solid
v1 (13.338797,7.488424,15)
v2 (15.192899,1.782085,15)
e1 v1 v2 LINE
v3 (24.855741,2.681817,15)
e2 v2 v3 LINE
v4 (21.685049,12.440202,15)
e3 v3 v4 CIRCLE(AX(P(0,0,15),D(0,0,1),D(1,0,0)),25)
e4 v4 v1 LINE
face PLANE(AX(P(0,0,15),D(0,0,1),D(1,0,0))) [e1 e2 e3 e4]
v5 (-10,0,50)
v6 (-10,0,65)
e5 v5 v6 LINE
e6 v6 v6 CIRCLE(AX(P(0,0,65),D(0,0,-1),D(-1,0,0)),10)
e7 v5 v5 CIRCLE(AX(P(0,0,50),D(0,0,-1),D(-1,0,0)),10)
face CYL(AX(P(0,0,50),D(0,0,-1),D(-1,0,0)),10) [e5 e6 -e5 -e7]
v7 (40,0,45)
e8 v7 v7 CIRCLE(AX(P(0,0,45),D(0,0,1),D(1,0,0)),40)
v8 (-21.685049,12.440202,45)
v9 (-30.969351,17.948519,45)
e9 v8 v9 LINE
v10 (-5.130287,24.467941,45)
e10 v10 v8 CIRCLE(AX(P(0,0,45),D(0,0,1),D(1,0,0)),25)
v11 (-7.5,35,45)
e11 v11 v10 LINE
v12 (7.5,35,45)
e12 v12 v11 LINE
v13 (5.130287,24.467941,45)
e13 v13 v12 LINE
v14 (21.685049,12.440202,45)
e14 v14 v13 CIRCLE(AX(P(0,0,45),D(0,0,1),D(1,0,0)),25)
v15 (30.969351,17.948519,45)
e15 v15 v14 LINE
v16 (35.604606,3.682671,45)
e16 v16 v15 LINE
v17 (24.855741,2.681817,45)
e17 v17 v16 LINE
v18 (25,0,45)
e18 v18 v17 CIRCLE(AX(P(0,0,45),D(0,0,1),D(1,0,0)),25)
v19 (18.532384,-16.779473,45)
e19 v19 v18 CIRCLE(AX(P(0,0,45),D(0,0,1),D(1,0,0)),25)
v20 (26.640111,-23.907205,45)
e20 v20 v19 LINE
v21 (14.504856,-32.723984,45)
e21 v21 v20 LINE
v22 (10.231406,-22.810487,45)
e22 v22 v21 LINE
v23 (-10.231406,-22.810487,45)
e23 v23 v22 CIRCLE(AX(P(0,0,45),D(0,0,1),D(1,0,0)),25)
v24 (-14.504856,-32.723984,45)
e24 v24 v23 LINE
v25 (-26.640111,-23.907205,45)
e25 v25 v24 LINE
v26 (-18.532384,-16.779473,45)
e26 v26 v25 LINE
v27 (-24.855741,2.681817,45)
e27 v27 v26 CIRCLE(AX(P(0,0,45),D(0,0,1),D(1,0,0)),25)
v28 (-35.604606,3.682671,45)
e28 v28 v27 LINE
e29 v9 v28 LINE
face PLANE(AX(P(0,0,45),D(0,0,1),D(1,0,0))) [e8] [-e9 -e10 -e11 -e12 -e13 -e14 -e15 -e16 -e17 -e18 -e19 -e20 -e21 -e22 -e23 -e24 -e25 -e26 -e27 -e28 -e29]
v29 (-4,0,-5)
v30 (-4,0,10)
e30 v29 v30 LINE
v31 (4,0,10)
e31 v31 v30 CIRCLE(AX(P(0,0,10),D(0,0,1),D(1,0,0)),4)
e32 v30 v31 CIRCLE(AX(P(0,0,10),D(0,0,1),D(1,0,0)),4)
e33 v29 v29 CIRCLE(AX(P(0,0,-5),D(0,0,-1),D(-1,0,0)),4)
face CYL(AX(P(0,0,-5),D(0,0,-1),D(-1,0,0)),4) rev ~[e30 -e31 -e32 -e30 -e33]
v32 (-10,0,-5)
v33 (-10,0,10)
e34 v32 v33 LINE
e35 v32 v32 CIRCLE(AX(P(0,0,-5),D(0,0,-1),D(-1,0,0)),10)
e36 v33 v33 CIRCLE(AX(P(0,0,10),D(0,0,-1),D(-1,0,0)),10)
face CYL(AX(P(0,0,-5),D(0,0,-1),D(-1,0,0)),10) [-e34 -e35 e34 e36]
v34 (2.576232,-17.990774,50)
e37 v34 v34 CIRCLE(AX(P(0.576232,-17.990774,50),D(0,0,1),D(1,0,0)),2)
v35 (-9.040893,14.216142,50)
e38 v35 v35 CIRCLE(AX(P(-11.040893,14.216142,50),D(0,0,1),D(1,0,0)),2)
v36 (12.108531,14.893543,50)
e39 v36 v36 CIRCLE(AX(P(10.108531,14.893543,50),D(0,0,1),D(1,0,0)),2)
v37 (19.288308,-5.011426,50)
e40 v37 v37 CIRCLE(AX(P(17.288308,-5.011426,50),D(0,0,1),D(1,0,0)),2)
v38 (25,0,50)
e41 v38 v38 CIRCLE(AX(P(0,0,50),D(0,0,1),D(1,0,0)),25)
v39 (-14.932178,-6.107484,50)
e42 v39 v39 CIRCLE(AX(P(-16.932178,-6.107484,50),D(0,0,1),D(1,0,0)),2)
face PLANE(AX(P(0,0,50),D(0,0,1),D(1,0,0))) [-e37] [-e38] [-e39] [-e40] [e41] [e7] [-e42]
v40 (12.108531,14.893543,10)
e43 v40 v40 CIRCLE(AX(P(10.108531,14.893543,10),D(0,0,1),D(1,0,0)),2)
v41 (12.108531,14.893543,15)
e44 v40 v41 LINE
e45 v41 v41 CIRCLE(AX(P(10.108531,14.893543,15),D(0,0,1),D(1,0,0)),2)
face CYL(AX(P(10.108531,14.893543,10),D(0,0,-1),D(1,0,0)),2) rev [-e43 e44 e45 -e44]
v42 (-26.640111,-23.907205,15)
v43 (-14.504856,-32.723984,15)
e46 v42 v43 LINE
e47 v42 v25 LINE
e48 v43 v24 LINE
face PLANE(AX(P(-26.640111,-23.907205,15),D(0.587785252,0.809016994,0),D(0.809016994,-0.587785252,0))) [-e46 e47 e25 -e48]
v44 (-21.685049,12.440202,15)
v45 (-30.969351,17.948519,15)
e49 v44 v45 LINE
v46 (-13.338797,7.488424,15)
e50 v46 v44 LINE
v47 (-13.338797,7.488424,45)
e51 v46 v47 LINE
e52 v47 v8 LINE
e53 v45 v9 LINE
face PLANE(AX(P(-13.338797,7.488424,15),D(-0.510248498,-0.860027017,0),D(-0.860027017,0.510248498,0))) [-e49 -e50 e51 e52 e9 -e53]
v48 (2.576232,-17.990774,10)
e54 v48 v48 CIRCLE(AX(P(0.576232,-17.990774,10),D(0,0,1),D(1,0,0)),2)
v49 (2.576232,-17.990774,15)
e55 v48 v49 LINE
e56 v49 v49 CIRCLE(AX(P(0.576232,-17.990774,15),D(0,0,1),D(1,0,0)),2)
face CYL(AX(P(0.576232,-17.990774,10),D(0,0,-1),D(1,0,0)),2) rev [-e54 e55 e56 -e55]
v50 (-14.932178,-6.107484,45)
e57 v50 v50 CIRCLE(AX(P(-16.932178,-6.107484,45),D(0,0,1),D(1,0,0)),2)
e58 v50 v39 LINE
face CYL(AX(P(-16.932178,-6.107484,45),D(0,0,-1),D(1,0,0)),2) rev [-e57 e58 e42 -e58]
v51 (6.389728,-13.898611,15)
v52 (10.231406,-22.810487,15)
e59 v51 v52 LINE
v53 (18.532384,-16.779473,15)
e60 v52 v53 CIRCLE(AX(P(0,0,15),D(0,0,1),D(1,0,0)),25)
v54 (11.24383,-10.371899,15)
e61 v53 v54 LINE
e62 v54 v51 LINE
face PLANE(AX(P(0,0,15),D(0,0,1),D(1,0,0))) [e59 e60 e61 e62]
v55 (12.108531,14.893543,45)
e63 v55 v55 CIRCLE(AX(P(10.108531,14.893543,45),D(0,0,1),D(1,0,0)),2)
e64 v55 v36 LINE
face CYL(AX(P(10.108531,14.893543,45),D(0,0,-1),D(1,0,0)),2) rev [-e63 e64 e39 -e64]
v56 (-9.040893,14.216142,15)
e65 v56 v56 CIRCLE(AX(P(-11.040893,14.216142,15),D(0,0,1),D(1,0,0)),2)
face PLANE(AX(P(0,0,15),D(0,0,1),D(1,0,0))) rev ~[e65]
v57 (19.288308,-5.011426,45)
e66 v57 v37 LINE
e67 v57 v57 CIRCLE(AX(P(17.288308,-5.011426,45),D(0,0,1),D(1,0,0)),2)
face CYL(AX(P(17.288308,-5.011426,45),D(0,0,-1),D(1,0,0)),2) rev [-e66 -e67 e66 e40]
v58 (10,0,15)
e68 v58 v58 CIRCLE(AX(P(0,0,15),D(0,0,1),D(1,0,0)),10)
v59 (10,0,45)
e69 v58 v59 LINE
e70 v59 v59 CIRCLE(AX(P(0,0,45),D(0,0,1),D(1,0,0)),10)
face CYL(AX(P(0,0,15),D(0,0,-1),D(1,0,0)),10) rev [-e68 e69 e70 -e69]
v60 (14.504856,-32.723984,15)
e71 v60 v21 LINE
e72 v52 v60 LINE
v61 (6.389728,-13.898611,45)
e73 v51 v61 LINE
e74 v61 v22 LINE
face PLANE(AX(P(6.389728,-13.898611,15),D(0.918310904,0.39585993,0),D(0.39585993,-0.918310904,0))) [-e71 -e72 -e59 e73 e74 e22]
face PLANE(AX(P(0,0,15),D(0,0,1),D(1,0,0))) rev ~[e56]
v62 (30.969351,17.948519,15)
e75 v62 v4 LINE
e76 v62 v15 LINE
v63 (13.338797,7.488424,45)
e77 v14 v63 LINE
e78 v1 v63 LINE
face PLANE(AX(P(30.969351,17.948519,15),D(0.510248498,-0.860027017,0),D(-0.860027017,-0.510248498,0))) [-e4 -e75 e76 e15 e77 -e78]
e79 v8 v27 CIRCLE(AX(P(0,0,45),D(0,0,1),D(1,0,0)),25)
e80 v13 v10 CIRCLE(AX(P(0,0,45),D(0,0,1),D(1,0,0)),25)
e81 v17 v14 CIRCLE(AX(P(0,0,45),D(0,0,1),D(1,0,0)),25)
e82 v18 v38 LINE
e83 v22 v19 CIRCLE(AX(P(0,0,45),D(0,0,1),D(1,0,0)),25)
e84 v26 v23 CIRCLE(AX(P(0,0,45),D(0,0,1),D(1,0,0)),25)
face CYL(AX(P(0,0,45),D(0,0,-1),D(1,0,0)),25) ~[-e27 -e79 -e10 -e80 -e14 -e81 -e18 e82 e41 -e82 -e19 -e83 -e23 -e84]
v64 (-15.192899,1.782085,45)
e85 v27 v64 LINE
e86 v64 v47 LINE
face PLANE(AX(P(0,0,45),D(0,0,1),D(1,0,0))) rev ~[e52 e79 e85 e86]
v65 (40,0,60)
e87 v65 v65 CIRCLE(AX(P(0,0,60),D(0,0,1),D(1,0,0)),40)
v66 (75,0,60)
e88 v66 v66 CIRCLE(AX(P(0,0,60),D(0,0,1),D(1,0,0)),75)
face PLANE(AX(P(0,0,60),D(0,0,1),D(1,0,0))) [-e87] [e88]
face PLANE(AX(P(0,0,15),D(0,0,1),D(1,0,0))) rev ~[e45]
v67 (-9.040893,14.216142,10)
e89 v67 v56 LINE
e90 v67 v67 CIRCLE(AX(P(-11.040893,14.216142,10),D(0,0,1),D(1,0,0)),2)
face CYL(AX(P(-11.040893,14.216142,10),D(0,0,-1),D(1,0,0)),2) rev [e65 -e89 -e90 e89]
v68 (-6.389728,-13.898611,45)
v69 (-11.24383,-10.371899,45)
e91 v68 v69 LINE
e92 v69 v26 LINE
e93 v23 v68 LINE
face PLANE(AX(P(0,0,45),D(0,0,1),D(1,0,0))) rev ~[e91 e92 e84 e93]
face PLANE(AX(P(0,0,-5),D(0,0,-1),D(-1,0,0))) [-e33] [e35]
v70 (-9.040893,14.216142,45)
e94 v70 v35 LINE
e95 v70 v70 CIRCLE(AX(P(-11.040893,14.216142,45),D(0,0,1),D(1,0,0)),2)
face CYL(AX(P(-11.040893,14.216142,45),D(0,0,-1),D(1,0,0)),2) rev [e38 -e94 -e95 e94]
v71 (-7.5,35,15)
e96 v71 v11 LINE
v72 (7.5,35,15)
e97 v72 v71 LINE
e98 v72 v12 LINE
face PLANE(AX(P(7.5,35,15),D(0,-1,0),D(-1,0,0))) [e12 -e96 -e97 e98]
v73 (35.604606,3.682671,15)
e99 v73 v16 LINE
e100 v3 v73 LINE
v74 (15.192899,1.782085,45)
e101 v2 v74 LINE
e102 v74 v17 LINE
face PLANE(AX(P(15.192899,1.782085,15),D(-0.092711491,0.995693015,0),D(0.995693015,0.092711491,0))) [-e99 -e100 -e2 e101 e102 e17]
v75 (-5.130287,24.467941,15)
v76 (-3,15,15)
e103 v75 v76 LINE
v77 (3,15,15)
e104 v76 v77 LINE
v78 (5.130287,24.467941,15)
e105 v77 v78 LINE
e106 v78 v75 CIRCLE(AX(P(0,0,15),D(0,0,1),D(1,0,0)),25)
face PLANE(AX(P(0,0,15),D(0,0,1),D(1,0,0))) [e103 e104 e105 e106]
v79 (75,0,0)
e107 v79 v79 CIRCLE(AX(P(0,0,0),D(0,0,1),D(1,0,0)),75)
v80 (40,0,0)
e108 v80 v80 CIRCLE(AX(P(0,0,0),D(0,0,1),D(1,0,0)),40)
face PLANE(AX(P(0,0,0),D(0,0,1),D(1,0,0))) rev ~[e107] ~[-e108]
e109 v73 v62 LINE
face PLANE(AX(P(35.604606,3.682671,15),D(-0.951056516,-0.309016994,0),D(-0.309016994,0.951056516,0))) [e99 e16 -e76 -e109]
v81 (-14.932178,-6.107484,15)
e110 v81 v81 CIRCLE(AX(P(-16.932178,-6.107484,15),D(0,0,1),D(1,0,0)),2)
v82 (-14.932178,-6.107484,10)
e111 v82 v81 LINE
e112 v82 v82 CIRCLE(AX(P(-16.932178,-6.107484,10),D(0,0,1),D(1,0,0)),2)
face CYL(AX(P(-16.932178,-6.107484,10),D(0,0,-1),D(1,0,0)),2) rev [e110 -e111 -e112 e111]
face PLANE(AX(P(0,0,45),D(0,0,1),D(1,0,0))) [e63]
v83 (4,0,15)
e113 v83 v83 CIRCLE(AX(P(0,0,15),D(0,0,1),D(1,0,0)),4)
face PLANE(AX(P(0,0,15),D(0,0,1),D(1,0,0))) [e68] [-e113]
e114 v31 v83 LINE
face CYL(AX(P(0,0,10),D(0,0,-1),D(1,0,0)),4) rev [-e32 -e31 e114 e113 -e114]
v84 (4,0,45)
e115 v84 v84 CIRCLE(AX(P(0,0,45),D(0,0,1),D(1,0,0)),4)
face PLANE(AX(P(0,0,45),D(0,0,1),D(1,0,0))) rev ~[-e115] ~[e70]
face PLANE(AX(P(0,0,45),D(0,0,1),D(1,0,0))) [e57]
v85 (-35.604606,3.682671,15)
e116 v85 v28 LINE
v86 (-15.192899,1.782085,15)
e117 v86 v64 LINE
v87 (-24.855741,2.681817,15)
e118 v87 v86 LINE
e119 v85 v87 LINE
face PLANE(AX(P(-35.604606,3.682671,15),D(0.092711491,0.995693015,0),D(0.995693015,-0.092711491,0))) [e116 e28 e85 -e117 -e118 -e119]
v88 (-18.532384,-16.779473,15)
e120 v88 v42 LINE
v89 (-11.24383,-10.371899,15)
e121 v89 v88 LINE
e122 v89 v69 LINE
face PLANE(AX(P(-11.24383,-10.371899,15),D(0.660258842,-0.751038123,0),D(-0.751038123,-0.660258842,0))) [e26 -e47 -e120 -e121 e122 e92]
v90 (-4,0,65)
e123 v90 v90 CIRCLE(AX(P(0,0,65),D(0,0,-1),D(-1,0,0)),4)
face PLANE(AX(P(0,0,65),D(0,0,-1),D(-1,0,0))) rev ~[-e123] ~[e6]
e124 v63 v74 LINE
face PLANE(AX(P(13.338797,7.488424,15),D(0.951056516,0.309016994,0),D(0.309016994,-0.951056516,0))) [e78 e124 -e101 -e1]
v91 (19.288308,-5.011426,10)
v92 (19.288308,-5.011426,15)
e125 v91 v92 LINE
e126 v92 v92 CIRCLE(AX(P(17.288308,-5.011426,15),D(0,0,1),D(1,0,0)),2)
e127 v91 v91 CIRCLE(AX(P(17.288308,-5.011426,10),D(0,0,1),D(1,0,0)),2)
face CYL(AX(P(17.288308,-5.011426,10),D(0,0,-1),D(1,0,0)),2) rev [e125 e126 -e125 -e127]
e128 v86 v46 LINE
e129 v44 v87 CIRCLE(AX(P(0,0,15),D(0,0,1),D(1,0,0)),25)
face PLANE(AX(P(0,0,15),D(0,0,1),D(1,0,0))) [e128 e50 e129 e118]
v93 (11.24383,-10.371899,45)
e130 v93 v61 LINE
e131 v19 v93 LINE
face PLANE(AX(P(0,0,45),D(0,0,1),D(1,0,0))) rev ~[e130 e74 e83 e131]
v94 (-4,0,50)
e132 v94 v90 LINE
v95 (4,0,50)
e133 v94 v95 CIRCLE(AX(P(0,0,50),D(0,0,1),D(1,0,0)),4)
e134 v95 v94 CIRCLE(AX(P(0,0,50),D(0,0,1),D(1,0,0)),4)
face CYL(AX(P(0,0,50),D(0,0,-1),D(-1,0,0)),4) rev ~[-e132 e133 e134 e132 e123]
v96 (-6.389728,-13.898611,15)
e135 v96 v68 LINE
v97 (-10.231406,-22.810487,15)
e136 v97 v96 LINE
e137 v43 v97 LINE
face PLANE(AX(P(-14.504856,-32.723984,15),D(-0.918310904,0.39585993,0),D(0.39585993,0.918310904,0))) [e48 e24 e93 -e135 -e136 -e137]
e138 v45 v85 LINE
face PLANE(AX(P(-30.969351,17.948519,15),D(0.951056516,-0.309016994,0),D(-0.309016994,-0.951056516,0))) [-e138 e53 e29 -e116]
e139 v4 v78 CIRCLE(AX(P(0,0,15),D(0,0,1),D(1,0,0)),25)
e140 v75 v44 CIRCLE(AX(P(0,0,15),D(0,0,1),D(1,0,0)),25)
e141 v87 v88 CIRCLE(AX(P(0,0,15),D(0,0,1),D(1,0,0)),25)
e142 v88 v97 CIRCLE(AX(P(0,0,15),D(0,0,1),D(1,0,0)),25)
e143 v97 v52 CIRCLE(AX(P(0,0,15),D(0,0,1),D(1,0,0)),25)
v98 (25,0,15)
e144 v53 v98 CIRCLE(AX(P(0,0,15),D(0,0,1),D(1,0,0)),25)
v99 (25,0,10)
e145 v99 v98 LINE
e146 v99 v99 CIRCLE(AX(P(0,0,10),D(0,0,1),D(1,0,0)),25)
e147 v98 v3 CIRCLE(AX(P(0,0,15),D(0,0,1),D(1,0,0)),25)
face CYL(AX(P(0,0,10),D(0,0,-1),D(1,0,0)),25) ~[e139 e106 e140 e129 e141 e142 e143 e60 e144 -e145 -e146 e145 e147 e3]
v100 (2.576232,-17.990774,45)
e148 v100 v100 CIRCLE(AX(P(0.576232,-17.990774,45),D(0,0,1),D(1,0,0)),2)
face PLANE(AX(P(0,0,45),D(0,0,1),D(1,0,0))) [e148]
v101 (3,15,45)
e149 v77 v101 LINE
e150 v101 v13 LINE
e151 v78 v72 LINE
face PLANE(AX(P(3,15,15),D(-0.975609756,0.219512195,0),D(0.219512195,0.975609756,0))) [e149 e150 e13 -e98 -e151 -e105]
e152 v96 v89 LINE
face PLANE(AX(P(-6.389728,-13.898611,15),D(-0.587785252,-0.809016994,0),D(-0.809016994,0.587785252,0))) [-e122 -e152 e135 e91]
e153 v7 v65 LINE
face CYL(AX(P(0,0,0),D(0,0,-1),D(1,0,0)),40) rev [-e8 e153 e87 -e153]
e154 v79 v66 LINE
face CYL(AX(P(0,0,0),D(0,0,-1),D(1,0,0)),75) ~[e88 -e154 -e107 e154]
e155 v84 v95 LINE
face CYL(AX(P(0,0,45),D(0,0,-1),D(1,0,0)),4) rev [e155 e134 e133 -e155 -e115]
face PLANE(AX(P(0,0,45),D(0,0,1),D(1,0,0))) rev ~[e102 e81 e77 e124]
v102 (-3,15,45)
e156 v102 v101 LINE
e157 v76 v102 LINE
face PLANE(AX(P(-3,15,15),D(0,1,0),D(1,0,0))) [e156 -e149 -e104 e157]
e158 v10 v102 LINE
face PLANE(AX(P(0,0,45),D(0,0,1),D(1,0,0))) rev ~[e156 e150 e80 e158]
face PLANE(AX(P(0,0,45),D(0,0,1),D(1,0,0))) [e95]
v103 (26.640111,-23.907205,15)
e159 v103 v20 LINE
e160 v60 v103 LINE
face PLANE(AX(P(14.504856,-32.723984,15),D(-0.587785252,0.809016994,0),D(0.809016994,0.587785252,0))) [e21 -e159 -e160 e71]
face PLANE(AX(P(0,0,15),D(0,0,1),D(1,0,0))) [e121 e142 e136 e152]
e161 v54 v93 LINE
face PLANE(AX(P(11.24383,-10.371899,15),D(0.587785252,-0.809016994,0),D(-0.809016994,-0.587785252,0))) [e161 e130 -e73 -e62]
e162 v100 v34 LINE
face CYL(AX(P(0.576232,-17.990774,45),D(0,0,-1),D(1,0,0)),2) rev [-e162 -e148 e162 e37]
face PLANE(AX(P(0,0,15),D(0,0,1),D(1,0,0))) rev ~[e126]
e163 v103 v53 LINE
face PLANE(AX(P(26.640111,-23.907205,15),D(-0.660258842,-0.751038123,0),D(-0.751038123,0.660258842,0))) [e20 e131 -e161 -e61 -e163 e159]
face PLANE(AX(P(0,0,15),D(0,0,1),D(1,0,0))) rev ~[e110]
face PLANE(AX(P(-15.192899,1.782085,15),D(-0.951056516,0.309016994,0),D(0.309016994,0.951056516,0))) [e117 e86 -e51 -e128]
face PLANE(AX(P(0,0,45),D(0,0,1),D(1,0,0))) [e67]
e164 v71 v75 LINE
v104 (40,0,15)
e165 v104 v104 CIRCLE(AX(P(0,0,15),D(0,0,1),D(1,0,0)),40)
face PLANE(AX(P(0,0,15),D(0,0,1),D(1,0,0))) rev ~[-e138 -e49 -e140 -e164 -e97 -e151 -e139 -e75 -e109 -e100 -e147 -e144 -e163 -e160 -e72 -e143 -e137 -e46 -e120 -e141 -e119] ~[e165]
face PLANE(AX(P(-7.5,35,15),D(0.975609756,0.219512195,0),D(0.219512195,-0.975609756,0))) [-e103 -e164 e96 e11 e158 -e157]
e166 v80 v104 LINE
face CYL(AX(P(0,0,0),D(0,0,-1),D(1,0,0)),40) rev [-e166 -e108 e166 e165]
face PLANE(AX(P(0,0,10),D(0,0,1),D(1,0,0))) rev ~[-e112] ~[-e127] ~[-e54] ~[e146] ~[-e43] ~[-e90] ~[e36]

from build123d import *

# Parameters (mm, degrees)
SKETCH1_R                = 75
SKETCH1_R_2              = 40
BOSS_EXTRUDE1_DEPTH      = 60
BOSS_EXTRUDE2_DEPTH      = 15
BOSS_EXTRUDE2_DEPTH_BACK = 15
BOSS_EXTRUDE2_START      = 30
SKETCH2_R                = 40
SKETCH2_R_2              = 10
SKETCH5_R                = 25
SKETCH5_R_2              = 2
SKETCH5_R_3              = 4
BOSS_EXTRUDE4_DEPTH      = 5
BOSS_EXTRUDE5_START      = -35
SKETCH5_2_R              = 25
SKETCH5_2_R_2            = 2
SKETCH5_2_R_3            = 4
BOSS_EXTRUDE5_DEPTH      = 5
BOSS_EXTRUDE6_START      = 15
SKETCH6_R                = 10
SKETCH6_R_2              = 4
BOSS_EXTRUDE6_DEPTH      = 15
BOSS_EXTRUDE7_START      = -40
SKETCH6_2_R              = 10
SKETCH6_2_R_2            = 4
BOSS_EXTRUDE7_DEPTH      = 15


with BuildPart() as part:
    # Sketch1 → Boss-Extrude1 (new body)
    with BuildSketch(Plane.XY):
        Circle(SKETCH1_R)
        Circle(SKETCH1_R_2, mode=Mode.SUBTRACT)
    extrude(amount=BOSS_EXTRUDE1_DEPTH)

    # Sketch2 → Boss-Extrude2 (add, two sides: drawn at the far end of the back side and taken through both)
    with BuildSketch(Plane.XY.offset(BOSS_EXTRUDE2_START - BOSS_EXTRUDE2_DEPTH_BACK)):
        Circle(SKETCH2_R)
        Circle(SKETCH2_R_2, mode=Mode.SUBTRACT)
        Polygon((7.5, 35), (-7.5, 35), (-3, 15), (3, 15), align=None, mode=Mode.SUBTRACT)
        Polygon((30.969350613, 17.948518675), (13.338796761, 7.488424465), (15.192898728, 1.782085367), (35.604605528, 3.682670931), align=None, mode=Mode.SUBTRACT)
        Polygon((26.640111288, -23.907205411), (11.243829768, -10.371899159), (6.389727801, -13.898610672), (14.504856372, -32.723984195), align=None, mode=Mode.SUBTRACT)
        Polygon((-14.504856372, -32.723984195), (-6.389727801, -13.898610673), (-11.243829768, -10.371899159), (-26.640111288, -23.907205411), align=None, mode=Mode.SUBTRACT)
        Polygon((-35.604605528, 3.682670931), (-15.192898728, 1.782085367), (-13.338796761, 7.488424465), (-30.969350613, 17.948518675), align=None, mode=Mode.SUBTRACT)
    extrude(amount=BOSS_EXTRUDE2_DEPTH + BOSS_EXTRUDE2_DEPTH_BACK)

    # Sketch5 → Boss-Extrude4 (add)
    with BuildSketch(Plane.XY.offset(45)):
        Circle(SKETCH5_R)
        with Locations((-11.040892983, 14.216141605)):
            Circle(SKETCH5_R_2, mode=Mode.SUBTRACT)
        with Locations((10.108530546, 14.893542567)):
            Circle(SKETCH5_R_2, mode=Mode.SUBTRACT)
        with Locations((17.288308436, -5.011426086)):
            Circle(SKETCH5_R_2, mode=Mode.SUBTRACT)
        with Locations((0.576231676, -17.990774221)):
            Circle(SKETCH5_R_2, mode=Mode.SUBTRACT)
        with Locations((-16.932177675, -6.107483866)):
            Circle(SKETCH5_R_2, mode=Mode.SUBTRACT)
        Circle(SKETCH5_R_3, mode=Mode.SUBTRACT)
    extrude(amount=BOSS_EXTRUDE4_DEPTH)

    # Sketch5<2> → Boss-Extrude5 (add)
    with BuildSketch(Plane.XY.offset(45).offset(BOSS_EXTRUDE5_START)):
        Circle(SKETCH5_2_R)
        with Locations((-11.040892983, 14.216141605)):
            Circle(SKETCH5_2_R_2, mode=Mode.SUBTRACT)
        with Locations((10.108530546, 14.893542567)):
            Circle(SKETCH5_2_R_2, mode=Mode.SUBTRACT)
        with Locations((17.288308436, -5.011426086)):
            Circle(SKETCH5_2_R_2, mode=Mode.SUBTRACT)
        with Locations((0.576231676, -17.990774221)):
            Circle(SKETCH5_2_R_2, mode=Mode.SUBTRACT)
        with Locations((-16.932177675, -6.107483866)):
            Circle(SKETCH5_2_R_2, mode=Mode.SUBTRACT)
        Circle(SKETCH5_2_R_3, mode=Mode.SUBTRACT)
    extrude(amount=BOSS_EXTRUDE5_DEPTH)

    # Sketch6 → Boss-Extrude6 (add)
    with BuildSketch(Plane(origin=(0, 0, 10), x_dir=(-1, 0, 0), z_dir=(0, 0, -1)).offset(BOSS_EXTRUDE6_START)):
        Circle(SKETCH6_R)
        Circle(SKETCH6_R_2, mode=Mode.SUBTRACT)
    extrude(amount=-BOSS_EXTRUDE6_DEPTH)

    # Sketch6<2> → Boss-Extrude7 (add)
    with BuildSketch(Plane(origin=(0, 0, 10), x_dir=(-1, 0, 0), z_dir=(0, 0, -1)).offset(BOSS_EXTRUDE7_START)):
        Circle(SKETCH6_2_R)
        Circle(SKETCH6_2_R_2, mode=Mode.SUBTRACT)
    extrude(amount=-BOSS_EXTRUDE7_DEPTH)


solid = part.part
